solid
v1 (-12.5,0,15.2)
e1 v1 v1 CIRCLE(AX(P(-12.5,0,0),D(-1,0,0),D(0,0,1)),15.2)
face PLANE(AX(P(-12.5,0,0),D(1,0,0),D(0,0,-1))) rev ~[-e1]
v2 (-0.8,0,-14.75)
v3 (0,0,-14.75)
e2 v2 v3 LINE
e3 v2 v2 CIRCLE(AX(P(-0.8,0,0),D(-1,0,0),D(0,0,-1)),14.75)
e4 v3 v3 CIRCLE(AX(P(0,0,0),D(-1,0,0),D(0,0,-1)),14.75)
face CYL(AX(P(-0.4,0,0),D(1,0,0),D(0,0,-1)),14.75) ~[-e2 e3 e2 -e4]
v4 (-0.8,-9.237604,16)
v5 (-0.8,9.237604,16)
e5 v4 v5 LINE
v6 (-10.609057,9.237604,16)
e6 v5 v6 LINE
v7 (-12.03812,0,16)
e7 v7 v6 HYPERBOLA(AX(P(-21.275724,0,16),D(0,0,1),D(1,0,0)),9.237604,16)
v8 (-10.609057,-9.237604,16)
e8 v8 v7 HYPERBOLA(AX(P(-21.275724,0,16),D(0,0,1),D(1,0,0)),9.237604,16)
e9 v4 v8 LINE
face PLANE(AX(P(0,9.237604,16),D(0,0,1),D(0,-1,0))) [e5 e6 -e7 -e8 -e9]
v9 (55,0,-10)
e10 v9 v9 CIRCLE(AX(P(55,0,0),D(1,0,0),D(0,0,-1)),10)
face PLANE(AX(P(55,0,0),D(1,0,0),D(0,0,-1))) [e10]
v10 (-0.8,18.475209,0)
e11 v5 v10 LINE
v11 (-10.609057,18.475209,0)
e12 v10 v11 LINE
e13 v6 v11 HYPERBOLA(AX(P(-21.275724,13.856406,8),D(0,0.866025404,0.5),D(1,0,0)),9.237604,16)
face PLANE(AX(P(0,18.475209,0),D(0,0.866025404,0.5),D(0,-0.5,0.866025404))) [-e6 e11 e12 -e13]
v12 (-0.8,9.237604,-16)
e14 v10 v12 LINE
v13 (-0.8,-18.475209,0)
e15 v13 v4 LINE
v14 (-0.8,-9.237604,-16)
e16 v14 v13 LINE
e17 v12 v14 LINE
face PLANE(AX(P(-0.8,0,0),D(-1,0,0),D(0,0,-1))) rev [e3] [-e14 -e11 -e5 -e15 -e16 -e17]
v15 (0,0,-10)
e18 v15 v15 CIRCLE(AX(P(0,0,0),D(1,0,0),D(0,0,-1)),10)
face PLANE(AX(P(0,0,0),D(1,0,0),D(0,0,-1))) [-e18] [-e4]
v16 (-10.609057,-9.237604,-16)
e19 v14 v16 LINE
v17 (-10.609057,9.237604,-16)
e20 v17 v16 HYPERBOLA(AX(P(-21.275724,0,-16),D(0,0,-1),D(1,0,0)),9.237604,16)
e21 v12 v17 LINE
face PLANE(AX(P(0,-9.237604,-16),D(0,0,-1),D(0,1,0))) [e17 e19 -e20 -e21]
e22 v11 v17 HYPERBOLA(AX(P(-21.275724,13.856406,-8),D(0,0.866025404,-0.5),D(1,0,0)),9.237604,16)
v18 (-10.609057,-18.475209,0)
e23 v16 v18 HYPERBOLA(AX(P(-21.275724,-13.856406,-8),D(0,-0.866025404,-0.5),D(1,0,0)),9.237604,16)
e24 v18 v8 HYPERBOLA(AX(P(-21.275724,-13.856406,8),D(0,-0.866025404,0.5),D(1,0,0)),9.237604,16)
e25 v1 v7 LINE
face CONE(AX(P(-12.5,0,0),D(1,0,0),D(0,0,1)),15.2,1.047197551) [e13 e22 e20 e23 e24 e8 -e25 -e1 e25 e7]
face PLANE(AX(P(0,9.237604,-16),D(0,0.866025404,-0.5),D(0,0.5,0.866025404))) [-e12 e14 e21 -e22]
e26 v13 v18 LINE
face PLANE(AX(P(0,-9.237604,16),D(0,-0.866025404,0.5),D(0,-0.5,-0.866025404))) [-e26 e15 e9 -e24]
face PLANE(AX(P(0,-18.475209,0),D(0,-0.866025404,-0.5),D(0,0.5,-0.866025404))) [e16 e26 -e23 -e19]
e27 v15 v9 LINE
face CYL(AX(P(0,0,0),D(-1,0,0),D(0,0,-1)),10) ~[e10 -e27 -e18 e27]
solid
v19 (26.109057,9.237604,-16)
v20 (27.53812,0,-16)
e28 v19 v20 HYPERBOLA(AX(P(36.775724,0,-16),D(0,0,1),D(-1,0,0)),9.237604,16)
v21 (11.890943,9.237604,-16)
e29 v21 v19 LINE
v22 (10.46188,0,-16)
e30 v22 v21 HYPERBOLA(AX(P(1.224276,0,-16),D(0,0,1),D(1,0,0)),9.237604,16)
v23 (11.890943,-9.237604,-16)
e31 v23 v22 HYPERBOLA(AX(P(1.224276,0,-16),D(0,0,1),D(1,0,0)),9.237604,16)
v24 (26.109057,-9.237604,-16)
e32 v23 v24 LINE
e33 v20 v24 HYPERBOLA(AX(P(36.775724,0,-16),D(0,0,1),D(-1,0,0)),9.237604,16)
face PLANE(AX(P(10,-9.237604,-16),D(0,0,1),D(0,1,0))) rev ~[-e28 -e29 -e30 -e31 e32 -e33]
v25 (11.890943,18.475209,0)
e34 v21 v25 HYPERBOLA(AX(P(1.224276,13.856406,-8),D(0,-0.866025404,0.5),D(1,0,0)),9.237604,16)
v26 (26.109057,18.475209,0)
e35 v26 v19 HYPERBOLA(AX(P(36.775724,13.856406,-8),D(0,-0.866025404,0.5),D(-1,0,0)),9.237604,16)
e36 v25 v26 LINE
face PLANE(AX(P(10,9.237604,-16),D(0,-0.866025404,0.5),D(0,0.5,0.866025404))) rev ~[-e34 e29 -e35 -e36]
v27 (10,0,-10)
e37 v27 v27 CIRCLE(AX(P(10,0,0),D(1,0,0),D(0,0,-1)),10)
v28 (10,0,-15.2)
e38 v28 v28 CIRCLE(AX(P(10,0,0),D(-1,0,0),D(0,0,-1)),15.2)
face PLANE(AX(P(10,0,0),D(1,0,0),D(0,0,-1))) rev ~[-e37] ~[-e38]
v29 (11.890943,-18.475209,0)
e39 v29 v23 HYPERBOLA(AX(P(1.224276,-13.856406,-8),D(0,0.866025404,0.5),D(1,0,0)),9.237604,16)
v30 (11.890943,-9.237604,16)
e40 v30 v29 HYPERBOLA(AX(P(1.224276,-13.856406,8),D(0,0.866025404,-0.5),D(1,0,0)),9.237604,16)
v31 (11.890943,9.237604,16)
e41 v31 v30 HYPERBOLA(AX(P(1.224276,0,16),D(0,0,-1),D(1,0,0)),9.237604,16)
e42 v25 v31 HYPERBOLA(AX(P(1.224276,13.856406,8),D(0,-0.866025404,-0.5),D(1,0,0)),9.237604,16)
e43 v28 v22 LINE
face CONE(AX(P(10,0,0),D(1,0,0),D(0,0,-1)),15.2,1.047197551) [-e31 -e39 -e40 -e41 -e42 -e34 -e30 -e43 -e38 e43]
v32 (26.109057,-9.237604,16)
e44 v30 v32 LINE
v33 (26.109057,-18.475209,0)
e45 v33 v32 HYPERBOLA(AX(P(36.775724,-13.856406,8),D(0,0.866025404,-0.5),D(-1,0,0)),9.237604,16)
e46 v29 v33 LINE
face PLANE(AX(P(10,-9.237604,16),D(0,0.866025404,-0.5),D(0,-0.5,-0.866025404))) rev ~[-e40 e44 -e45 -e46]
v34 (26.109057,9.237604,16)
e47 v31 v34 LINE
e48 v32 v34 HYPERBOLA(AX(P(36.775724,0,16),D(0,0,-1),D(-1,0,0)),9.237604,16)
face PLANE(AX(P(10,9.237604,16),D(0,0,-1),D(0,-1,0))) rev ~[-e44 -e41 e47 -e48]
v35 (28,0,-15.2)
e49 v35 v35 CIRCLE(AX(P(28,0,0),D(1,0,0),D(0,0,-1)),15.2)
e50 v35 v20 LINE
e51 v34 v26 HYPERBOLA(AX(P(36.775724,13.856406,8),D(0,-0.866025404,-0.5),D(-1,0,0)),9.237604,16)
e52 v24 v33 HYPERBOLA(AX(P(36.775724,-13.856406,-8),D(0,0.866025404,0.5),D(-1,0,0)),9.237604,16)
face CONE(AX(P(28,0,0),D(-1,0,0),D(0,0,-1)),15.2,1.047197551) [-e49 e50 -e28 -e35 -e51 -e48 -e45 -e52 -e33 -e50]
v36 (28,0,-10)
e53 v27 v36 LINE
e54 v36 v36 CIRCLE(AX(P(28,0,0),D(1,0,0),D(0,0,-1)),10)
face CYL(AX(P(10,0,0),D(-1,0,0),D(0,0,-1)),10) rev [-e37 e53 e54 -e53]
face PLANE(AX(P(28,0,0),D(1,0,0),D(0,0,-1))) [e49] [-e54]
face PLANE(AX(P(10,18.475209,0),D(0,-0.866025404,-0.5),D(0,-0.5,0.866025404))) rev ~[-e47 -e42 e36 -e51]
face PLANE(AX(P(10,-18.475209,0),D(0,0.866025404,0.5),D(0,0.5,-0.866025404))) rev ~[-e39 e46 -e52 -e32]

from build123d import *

# Parameters (mm, degrees)
BOLTHEAD_DEPTH                       = 12.5
UNBOLTHEADSK_W                       = 0.8
UNBOLTHEADSK_H                       = 3.725208614
BOLTBODYSK_R                         = 10
BOLTBODY_DEPTH                       = 55
BOLTHCSK_OUTSIDE_W                   = 302.814
BOLTHCSK_OUTSIDE_H                   = 307.764
BOLTHCSK_OUTSIDE_R                   = 15.2
BOLTHEADCHAMFER_DEPTH                = 72.788462397
BOLTHEADCHAMFER_DRAFT                = -60
NUTHEADSK_R                          = 10
NUTHEAD_DEPTH                        = 18
NUTHCSK_OUTSIDE_W                    = 217.994
NUTHCSK_OUTSIDE_H                    = 222.944
NUTHCSK_OUTSIDE_R                    = 15.2
NUTHEADCHAMFER_DEPTH                 = 48.303100674
NUTHEADCHAMFER_DRAFT                 = -60
NUTHEADCHAMFERMIRROR_COPY_1_SKETCH_W = 217.994
NUTHEADCHAMFERMIRROR_COPY_1_SKETCH_H = 222.944
NUTHEADCHAMFERMIRROR_COPY_1_SKETCH_R = 15.2
NUTHEADCHAMFERMIRROR_COPY_1_DEPTH    = 48.303100674
NUTHEADCHAMFERMIRROR_COPY_1_DRAFT    = -60


with BuildPart() as part:
    # BoltHeadSk → BoltHead (new body)
    with BuildSketch(Plane(origin=(0, 0, 0), x_dir=(0, 0, -1), z_dir=(1, 0, 0))):
        Polygon((0, 18.475208614), (-16, 9.237604307), (-16, -9.237604307), (0, -18.475208614), (16, -9.237604307), (16, 9.237604307), align=None)
    extrude(amount=-BOLTHEAD_DEPTH)

    # UnBoltHeadSk → UNBoltHead (revolve, cut)
    with BuildSketch(Plane.XY, mode=Mode.PRIVATE) as unbolthead_sk:
        with Locations((-0.4, 16.612604307)):
            Rectangle(UNBOLTHEADSK_W, UNBOLTHEADSK_H)
    revolve(unbolthead_sk.sketch.rotate(Axis((0, 0, 0), (-1, 0, 0)), 90), axis=Axis((0, 0, 0), (-1, 0, 0)), mode=Mode.SUBTRACT)

    # BoltBodySk → BoltBody (add)
    with BuildSketch(Plane(origin=(0, 0, 0), x_dir=(0, 0, -1), z_dir=(1, 0, 0))):
        Circle(BOLTBODYSK_R)
    extrude(amount=BOLTBODY_DEPTH)


with BuildPart() as boltheadchamfer_tool:
    # BoltHCSk outside → BoltHeadChamfer (with draft: the straight prism first)
    with BuildSketch(Plane.ZY.offset(12.5)):
        Rectangle(BOLTHCSK_OUTSIDE_W, BOLTHCSK_OUTSIDE_H)
        Circle(BOLTHCSK_OUTSIDE_R, mode=Mode.SUBTRACT)
    extrude(amount=-BOLTHEADCHAMFER_DEPTH)
    # BoltHeadChamfer: the draft: its side faces are tilted about the plane it starts from
    boltheadchamfer_sides = [boltheadchamfer_tool.faces().sort_by_distance(p)[0] for p in [
        (23.894231199, -153.882, 0),
        (23.894231199, 0, 151.407),
        (23.894231199, 153.882, 0),
        (23.894231199, 0, -151.407),
        (23.894231199, 0, -15.2),
    ]]
    draft(boltheadchamfer_sides, Plane.ZY.offset(12.5), BOLTHEADCHAMFER_DRAFT)


with BuildPart() as part_1:
    add(part.part)

    # BoltHeadChamfer: cut by boltheadchamfer_tool
    add(boltheadchamfer_tool.part, mode=Mode.SUBTRACT)


with BuildPart() as body_2:
    # NutHeadSk → NutHead (new body)
    with BuildSketch(Plane(origin=(10, 0, 0), x_dir=(0, 0, -1), z_dir=(1, 0, 0))):
        Polygon((-16, 9.237604307), (-16, -9.237604307), (0, -18.475208614), (16, -9.237604307), (16, 9.237604307), (0, 18.475208614), align=None)
        Circle(NUTHEADSK_R, mode=Mode.SUBTRACT)
    extrude(amount=NUTHEAD_DEPTH)


with BuildPart() as nutheadchamfer_tool:
    # NutHCSk outside → NutHeadChamfer (with draft: the straight prism first)
    with BuildSketch(Plane(origin=(28, 0, 0), x_dir=(0, 0, -1), z_dir=(1, 0, 0))):
        Rectangle(NUTHCSK_OUTSIDE_W, NUTHCSK_OUTSIDE_H)
        Circle(NUTHCSK_OUTSIDE_R, mode=Mode.SUBTRACT)
    extrude(amount=-NUTHEADCHAMFER_DEPTH)
    # NutHeadChamfer: the draft: its side faces are tilted about the plane it starts from
    nutheadchamfer_sides = [nutheadchamfer_tool.faces().sort_by_distance(p)[0] for p in [
        (3.848449663, -111.472, 0),
        (3.848449663, 0, -108.997),
        (3.848449663, 111.472, 0),
        (3.848449663, 0, 108.997),
        (3.848449663, 0, 15.2),
    ]]
    draft(nutheadchamfer_sides, Plane(origin=(28, 0, 0), x_dir=(0, 0, -1), z_dir=(1, 0, 0)), NUTHEADCHAMFER_DRAFT)


with BuildPart() as body_2_1:
    add(body_2.part)

    # NutHeadChamfer: cut by nutheadchamfer_tool
    add(nutheadchamfer_tool.part, mode=Mode.SUBTRACT)


with BuildPart() as nutheadchamfermirror_copy_1_tool:
    # NutHeadChamferMirror copy 1 sketch → NutHeadChamferMirror copy 1 (with draft: the straight prism first)
    with BuildSketch(Plane(origin=(10, 0, 0), x_dir=(0, 0, -1), z_dir=(-1, 0, 0))):
        Rectangle(NUTHEADCHAMFERMIRROR_COPY_1_SKETCH_W, NUTHEADCHAMFERMIRROR_COPY_1_SKETCH_H)
        Circle(NUTHEADCHAMFERMIRROR_COPY_1_SKETCH_R, mode=Mode.SUBTRACT)
    extrude(amount=-NUTHEADCHAMFERMIRROR_COPY_1_DEPTH)
    # NutHeadChamferMirror copy 1: the draft: its side faces are tilted about the plane it starts from
    nutheadchamfermirror_copy_1_sides = [nutheadchamfermirror_copy_1_tool.faces().sort_by_distance(p)[0] for p in [
        (34.151550337, -111.472, 0),
        (34.151550337, 0, -108.997),
        (34.151550337, 111.472, 0),
        (34.151550337, 0, 108.997),
        (34.151550337, 0, 15.2),
    ]]
    draft(nutheadchamfermirror_copy_1_sides, Plane(origin=(10, 0, 0), x_dir=(0, 0, -1), z_dir=(-1, 0, 0)), NUTHEADCHAMFERMIRROR_COPY_1_DRAFT)


with BuildPart() as body_2_2:
    add(body_2_1.part)

    # NutHeadChamferMirror copy 1: cut by nutheadchamfermirror_copy_1_tool
    add(nutheadchamfermirror_copy_1_tool.part, mode=Mode.SUBTRACT)


solid = Compound([part_1.part, body_2_2.part])
